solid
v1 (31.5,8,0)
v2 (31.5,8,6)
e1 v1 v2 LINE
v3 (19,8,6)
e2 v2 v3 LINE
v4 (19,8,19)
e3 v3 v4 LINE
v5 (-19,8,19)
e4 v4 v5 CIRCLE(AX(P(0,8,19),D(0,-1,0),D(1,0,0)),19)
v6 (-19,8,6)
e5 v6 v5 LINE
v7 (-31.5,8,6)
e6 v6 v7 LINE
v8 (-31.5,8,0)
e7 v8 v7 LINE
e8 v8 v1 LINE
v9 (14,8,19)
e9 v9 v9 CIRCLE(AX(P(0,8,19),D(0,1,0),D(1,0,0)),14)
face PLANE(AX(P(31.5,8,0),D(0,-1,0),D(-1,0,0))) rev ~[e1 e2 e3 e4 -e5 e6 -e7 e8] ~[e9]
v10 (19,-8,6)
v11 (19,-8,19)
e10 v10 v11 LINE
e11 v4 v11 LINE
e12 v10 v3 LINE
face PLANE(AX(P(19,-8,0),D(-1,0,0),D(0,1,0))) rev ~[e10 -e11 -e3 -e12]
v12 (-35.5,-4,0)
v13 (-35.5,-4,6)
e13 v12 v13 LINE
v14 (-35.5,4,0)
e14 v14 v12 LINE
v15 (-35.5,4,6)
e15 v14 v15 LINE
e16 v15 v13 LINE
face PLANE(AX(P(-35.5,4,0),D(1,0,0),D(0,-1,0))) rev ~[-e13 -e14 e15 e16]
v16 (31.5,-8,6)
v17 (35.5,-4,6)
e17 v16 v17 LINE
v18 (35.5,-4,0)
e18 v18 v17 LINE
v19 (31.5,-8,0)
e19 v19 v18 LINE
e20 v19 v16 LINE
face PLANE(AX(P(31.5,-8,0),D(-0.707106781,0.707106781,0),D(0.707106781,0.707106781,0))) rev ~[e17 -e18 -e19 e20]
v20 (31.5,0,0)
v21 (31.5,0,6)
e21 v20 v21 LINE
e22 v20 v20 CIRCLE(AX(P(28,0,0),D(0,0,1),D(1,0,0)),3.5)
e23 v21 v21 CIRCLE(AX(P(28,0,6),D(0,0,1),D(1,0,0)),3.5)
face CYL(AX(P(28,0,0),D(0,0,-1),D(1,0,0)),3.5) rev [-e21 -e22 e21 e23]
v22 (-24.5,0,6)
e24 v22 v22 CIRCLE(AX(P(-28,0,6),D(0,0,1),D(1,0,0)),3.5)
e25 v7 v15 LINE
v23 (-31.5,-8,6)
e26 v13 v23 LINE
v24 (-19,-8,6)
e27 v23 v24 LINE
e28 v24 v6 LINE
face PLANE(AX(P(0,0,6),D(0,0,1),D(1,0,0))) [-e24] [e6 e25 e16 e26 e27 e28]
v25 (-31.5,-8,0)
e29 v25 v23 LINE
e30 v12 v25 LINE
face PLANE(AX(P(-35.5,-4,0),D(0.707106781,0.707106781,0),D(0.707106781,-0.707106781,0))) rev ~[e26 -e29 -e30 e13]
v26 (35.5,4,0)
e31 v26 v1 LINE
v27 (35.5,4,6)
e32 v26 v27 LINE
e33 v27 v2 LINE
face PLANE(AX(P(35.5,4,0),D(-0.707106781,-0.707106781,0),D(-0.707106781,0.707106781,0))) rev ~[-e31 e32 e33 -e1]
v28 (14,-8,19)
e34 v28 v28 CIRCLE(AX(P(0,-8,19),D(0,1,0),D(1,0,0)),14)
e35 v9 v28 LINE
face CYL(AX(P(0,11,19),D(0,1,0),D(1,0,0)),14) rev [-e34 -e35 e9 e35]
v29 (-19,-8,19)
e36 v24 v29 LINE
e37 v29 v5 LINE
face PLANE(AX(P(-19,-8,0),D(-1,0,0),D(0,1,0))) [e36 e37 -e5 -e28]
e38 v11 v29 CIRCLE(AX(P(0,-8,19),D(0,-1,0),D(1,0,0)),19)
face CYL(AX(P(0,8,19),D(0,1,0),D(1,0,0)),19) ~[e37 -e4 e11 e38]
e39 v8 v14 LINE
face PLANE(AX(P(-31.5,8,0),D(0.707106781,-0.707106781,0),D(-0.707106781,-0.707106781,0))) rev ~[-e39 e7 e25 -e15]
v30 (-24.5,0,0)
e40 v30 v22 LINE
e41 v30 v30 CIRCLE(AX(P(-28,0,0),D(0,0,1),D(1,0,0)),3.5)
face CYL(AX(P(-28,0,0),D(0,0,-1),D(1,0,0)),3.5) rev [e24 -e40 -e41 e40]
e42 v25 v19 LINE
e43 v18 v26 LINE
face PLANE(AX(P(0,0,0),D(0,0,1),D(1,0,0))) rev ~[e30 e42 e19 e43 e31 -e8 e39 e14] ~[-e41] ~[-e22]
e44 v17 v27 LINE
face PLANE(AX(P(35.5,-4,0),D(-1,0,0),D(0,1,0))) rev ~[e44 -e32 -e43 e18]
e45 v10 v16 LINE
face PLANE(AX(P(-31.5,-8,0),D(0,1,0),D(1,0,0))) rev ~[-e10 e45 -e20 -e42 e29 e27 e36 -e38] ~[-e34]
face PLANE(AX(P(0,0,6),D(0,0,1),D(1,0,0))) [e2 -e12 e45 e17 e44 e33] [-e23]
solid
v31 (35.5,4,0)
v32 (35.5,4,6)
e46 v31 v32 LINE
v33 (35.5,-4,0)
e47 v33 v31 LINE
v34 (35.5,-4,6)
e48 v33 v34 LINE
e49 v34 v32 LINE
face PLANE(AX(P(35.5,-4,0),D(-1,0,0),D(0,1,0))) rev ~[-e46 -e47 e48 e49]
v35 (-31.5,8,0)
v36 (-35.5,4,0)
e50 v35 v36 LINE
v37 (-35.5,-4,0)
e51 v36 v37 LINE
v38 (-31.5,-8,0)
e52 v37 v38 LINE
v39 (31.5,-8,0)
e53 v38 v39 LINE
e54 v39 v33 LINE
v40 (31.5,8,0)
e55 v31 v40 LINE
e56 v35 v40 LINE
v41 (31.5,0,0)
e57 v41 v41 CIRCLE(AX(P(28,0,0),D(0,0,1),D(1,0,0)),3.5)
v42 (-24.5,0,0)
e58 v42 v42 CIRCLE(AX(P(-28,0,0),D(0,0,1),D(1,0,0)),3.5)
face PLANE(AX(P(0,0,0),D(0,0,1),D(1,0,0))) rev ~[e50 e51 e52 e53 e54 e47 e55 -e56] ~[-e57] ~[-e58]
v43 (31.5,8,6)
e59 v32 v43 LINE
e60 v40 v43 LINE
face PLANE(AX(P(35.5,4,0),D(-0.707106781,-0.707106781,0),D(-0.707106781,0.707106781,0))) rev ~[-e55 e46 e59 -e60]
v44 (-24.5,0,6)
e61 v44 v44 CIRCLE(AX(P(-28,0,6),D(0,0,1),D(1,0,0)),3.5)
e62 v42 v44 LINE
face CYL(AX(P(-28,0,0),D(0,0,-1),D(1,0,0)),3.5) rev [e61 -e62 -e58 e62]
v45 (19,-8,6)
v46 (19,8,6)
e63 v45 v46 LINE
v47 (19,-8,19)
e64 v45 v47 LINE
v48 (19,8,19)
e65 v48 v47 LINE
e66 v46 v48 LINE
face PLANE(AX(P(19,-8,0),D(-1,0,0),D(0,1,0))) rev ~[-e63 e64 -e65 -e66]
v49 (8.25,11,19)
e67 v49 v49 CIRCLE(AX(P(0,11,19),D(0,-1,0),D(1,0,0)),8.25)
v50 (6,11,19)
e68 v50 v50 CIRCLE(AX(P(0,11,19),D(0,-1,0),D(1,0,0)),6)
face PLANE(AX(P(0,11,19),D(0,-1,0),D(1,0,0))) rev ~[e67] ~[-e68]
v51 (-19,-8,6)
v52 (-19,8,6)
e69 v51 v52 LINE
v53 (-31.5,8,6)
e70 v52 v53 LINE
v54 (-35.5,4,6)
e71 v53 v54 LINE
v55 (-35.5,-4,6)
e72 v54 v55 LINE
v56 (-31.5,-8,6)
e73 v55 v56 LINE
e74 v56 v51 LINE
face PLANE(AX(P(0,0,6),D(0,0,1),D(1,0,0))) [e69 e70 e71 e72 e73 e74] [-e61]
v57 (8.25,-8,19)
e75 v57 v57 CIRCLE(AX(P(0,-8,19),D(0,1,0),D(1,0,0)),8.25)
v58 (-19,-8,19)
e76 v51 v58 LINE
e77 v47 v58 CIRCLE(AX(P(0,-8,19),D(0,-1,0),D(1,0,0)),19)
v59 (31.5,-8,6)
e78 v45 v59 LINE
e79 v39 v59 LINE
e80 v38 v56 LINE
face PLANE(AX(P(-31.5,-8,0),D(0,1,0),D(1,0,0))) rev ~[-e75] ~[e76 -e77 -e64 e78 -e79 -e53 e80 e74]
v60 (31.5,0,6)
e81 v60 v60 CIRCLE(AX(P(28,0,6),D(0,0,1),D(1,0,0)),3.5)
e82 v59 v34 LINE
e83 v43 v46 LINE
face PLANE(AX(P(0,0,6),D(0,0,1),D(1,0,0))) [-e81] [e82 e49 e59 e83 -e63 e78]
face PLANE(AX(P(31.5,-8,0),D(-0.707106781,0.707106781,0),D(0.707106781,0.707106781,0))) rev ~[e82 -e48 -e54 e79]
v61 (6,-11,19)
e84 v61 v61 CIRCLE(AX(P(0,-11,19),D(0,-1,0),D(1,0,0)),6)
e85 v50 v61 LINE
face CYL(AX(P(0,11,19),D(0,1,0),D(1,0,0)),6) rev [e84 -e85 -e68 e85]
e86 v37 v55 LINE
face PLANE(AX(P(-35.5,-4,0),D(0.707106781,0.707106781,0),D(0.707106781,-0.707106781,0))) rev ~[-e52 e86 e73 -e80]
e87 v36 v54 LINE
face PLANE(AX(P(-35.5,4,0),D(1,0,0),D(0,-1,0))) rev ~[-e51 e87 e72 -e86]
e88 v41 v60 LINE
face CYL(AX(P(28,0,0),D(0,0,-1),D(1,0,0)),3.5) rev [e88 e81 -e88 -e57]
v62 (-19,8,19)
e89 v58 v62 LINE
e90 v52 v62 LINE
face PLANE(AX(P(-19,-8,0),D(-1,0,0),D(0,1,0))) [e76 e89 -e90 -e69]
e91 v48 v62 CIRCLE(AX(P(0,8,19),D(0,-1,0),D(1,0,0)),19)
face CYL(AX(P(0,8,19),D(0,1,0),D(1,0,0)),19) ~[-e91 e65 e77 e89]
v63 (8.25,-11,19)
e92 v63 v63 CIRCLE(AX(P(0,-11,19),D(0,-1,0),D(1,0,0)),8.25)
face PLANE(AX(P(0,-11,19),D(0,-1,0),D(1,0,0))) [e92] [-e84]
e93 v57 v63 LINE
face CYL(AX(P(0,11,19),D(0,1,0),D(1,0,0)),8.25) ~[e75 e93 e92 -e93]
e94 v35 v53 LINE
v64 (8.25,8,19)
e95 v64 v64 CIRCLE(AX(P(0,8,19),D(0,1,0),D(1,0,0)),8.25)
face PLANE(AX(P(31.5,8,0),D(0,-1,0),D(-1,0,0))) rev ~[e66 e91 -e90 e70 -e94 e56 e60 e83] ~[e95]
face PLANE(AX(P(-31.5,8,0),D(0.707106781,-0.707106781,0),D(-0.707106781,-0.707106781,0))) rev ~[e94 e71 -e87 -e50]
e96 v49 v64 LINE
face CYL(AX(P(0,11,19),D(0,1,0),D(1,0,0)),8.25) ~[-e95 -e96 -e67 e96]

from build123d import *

# Parameters (mm, degrees)
CYLINDER001_R     = 3.5
CYLINDER001_DEPTH = 6
CYLINDER003_R     = 6
CYLINDER003_DEPTH = 22
CYLINDER_R        = 3.5
CYLINDER_DEPTH    = 6
BOX_W             = 38
BOX_H             = 16
BOX_DEPTH         = 19
PAD_DEPTH         = 6
CYLINDER002_R     = 19
CYLINDER002_DEPTH = 16
CYLINDER004_R     = 8.25
CYLINDER004_DEPTH = 22
CYLINDER006_R     = 3.5
CYLINDER006_DEPTH = 6
CYLINDER008_R     = 14
CYLINDER008_DEPTH = 22
CYLINDER005_R     = 3.5
CYLINDER005_DEPTH = 6
BOX001_W          = 38
BOX001_H          = 16
BOX001_DEPTH      = 19
PAD001_DEPTH      = 6
CYLINDER007_R     = 19
CYLINDER007_DEPTH = 16
CYLINDER009_R     = 8.25
CYLINDER009_DEPTH = 22


with BuildPart() as cylinder001:
    # Cylinder001 → Cylinder001 (new body)
    with BuildSketch(Plane(origin=(28, 0, 0), x_dir=(1, 0, 0), z_dir=(0, 0, 1))):
        Circle(CYLINDER001_R)
    extrude(amount=CYLINDER001_DEPTH)


with BuildPart() as cylinder003:
    # Cylinder003 → Cylinder003 (new body)
    with BuildSketch(Plane(origin=(0, 11, 19), x_dir=(1, 0, 0), z_dir=(0, -1, 0))):
        Circle(CYLINDER003_R)
    extrude(amount=CYLINDER003_DEPTH)


with BuildPart() as fusion002:
    # Cylinder → Cylinder (new body)
    with BuildSketch(Plane(origin=(-28, 0, 0), x_dir=(1, 0, 0), z_dir=(0, 0, 1))):
        Circle(CYLINDER_R)
    extrude(amount=CYLINDER_DEPTH)

    # Fusion002: union Cylinder001, Cylinder003
    add(cylinder001.part)
    add(cylinder003.part)


with BuildPart() as cube:
    # Box → Box (new body)
    with BuildSketch(Plane(origin=(-19, -8, 0), x_dir=(1, 0, 0), z_dir=(0, 0, 1))):
        with Locations((19, 8)):
            Rectangle(BOX_W, BOX_H)
    extrude(amount=BOX_DEPTH)


with BuildPart() as body:
    # Sketch → Pad (new body)
    with BuildSketch(Plane.XY):
        Polygon((-31.5, -8), (31.5, -8), (35.5, -4), (35.5, 4), (31.5, 8), (-31.5, 8), (-35.5, 4), (-35.5, -4), align=None)
    extrude(amount=PAD_DEPTH)


with BuildPart() as fusion:
    # Cylinder002 → Cylinder002 (new body)
    with BuildSketch(Plane(origin=(0, 8, 19), x_dir=(1, 0, 0), z_dir=(0, -1, 0))):
        Circle(CYLINDER002_R)
    extrude(amount=CYLINDER002_DEPTH)

    # Fusion: union Cube, Body
    add(cube.part)
    add(body.part)


with BuildPart() as template:
    # Cylinder004 → Cylinder004 (new body)
    with BuildSketch(Plane(origin=(0, 11, 19), x_dir=(1, 0, 0), z_dir=(0, -1, 0))):
        Circle(CYLINDER004_R)
    extrude(amount=CYLINDER004_DEPTH)

    # Fusion001: union Fusion
    add(fusion.part)

    # Cut: cut Fusion002
    add(fusion002.part, mode=Mode.SUBTRACT)


with BuildPart() as cylinder006:
    # Cylinder006 → Cylinder006 (new body)
    with BuildSketch(Plane(origin=(28, 0, 0), x_dir=(1, 0, 0), z_dir=(0, 0, 1))):
        Circle(CYLINDER006_R)
    extrude(amount=CYLINDER006_DEPTH)


with BuildPart() as cylinder008:
    # Cylinder008 → Cylinder008 (new body)
    with BuildSketch(Plane(origin=(0, 11, 19), x_dir=(1, 0, 0), z_dir=(0, -1, 0))):
        Circle(CYLINDER008_R)
    extrude(amount=CYLINDER008_DEPTH)


with BuildPart() as fusion005:
    # Cylinder005 → Cylinder005 (new body)
    with BuildSketch(Plane(origin=(-28, 0, 0), x_dir=(1, 0, 0), z_dir=(0, 0, 1))):
        Circle(CYLINDER005_R)
    extrude(amount=CYLINDER005_DEPTH)

    # Fusion005: union Cylinder006, Cylinder008
    add(cylinder006.part)
    add(cylinder008.part)


with BuildPart() as cube001:
    # Box001 → Box001 (new body)
    with BuildSketch(Plane(origin=(-19, -8, 0), x_dir=(1, 0, 0), z_dir=(0, 0, 1))):
        with Locations((19, 8)):
            Rectangle(BOX001_W, BOX001_H)
    extrude(amount=BOX001_DEPTH)


with BuildPart() as body001:
    # Sketch001 → Pad001 (new body)
    with BuildSketch(Plane.XY):
        Polygon((-31.5, -8), (31.5, -8), (35.5, -4), (35.5, 4), (31.5, 8), (-31.5, 8), (-35.5, 4), (-35.5, -4), align=None)
    extrude(amount=PAD001_DEPTH)


with BuildPart() as fusion003:
    # Cylinder007 → Cylinder007 (new body)
    with BuildSketch(Plane(origin=(0, 8, 19), x_dir=(1, 0, 0), z_dir=(0, -1, 0))):
        Circle(CYLINDER007_R)
    extrude(amount=CYLINDER007_DEPTH)

    # Fusion003: union Cube001, Body001
    add(cube001.part)
    add(body001.part)


with BuildPart() as flangeblock:
    # Cylinder009 → Cylinder009 (new body)
    with BuildSketch(Plane(origin=(0, 11, 19), x_dir=(1, 0, 0), z_dir=(0, -1, 0))):
        Circle(CYLINDER009_R)
    extrude(amount=CYLINDER009_DEPTH)

    # Fusion004: union Fusion003
    add(fusion003.part)

    # Cut001: cut Fusion005
    add(fusion005.part, mode=Mode.SUBTRACT)


solid = Compound([template.part, flangeblock.part])
